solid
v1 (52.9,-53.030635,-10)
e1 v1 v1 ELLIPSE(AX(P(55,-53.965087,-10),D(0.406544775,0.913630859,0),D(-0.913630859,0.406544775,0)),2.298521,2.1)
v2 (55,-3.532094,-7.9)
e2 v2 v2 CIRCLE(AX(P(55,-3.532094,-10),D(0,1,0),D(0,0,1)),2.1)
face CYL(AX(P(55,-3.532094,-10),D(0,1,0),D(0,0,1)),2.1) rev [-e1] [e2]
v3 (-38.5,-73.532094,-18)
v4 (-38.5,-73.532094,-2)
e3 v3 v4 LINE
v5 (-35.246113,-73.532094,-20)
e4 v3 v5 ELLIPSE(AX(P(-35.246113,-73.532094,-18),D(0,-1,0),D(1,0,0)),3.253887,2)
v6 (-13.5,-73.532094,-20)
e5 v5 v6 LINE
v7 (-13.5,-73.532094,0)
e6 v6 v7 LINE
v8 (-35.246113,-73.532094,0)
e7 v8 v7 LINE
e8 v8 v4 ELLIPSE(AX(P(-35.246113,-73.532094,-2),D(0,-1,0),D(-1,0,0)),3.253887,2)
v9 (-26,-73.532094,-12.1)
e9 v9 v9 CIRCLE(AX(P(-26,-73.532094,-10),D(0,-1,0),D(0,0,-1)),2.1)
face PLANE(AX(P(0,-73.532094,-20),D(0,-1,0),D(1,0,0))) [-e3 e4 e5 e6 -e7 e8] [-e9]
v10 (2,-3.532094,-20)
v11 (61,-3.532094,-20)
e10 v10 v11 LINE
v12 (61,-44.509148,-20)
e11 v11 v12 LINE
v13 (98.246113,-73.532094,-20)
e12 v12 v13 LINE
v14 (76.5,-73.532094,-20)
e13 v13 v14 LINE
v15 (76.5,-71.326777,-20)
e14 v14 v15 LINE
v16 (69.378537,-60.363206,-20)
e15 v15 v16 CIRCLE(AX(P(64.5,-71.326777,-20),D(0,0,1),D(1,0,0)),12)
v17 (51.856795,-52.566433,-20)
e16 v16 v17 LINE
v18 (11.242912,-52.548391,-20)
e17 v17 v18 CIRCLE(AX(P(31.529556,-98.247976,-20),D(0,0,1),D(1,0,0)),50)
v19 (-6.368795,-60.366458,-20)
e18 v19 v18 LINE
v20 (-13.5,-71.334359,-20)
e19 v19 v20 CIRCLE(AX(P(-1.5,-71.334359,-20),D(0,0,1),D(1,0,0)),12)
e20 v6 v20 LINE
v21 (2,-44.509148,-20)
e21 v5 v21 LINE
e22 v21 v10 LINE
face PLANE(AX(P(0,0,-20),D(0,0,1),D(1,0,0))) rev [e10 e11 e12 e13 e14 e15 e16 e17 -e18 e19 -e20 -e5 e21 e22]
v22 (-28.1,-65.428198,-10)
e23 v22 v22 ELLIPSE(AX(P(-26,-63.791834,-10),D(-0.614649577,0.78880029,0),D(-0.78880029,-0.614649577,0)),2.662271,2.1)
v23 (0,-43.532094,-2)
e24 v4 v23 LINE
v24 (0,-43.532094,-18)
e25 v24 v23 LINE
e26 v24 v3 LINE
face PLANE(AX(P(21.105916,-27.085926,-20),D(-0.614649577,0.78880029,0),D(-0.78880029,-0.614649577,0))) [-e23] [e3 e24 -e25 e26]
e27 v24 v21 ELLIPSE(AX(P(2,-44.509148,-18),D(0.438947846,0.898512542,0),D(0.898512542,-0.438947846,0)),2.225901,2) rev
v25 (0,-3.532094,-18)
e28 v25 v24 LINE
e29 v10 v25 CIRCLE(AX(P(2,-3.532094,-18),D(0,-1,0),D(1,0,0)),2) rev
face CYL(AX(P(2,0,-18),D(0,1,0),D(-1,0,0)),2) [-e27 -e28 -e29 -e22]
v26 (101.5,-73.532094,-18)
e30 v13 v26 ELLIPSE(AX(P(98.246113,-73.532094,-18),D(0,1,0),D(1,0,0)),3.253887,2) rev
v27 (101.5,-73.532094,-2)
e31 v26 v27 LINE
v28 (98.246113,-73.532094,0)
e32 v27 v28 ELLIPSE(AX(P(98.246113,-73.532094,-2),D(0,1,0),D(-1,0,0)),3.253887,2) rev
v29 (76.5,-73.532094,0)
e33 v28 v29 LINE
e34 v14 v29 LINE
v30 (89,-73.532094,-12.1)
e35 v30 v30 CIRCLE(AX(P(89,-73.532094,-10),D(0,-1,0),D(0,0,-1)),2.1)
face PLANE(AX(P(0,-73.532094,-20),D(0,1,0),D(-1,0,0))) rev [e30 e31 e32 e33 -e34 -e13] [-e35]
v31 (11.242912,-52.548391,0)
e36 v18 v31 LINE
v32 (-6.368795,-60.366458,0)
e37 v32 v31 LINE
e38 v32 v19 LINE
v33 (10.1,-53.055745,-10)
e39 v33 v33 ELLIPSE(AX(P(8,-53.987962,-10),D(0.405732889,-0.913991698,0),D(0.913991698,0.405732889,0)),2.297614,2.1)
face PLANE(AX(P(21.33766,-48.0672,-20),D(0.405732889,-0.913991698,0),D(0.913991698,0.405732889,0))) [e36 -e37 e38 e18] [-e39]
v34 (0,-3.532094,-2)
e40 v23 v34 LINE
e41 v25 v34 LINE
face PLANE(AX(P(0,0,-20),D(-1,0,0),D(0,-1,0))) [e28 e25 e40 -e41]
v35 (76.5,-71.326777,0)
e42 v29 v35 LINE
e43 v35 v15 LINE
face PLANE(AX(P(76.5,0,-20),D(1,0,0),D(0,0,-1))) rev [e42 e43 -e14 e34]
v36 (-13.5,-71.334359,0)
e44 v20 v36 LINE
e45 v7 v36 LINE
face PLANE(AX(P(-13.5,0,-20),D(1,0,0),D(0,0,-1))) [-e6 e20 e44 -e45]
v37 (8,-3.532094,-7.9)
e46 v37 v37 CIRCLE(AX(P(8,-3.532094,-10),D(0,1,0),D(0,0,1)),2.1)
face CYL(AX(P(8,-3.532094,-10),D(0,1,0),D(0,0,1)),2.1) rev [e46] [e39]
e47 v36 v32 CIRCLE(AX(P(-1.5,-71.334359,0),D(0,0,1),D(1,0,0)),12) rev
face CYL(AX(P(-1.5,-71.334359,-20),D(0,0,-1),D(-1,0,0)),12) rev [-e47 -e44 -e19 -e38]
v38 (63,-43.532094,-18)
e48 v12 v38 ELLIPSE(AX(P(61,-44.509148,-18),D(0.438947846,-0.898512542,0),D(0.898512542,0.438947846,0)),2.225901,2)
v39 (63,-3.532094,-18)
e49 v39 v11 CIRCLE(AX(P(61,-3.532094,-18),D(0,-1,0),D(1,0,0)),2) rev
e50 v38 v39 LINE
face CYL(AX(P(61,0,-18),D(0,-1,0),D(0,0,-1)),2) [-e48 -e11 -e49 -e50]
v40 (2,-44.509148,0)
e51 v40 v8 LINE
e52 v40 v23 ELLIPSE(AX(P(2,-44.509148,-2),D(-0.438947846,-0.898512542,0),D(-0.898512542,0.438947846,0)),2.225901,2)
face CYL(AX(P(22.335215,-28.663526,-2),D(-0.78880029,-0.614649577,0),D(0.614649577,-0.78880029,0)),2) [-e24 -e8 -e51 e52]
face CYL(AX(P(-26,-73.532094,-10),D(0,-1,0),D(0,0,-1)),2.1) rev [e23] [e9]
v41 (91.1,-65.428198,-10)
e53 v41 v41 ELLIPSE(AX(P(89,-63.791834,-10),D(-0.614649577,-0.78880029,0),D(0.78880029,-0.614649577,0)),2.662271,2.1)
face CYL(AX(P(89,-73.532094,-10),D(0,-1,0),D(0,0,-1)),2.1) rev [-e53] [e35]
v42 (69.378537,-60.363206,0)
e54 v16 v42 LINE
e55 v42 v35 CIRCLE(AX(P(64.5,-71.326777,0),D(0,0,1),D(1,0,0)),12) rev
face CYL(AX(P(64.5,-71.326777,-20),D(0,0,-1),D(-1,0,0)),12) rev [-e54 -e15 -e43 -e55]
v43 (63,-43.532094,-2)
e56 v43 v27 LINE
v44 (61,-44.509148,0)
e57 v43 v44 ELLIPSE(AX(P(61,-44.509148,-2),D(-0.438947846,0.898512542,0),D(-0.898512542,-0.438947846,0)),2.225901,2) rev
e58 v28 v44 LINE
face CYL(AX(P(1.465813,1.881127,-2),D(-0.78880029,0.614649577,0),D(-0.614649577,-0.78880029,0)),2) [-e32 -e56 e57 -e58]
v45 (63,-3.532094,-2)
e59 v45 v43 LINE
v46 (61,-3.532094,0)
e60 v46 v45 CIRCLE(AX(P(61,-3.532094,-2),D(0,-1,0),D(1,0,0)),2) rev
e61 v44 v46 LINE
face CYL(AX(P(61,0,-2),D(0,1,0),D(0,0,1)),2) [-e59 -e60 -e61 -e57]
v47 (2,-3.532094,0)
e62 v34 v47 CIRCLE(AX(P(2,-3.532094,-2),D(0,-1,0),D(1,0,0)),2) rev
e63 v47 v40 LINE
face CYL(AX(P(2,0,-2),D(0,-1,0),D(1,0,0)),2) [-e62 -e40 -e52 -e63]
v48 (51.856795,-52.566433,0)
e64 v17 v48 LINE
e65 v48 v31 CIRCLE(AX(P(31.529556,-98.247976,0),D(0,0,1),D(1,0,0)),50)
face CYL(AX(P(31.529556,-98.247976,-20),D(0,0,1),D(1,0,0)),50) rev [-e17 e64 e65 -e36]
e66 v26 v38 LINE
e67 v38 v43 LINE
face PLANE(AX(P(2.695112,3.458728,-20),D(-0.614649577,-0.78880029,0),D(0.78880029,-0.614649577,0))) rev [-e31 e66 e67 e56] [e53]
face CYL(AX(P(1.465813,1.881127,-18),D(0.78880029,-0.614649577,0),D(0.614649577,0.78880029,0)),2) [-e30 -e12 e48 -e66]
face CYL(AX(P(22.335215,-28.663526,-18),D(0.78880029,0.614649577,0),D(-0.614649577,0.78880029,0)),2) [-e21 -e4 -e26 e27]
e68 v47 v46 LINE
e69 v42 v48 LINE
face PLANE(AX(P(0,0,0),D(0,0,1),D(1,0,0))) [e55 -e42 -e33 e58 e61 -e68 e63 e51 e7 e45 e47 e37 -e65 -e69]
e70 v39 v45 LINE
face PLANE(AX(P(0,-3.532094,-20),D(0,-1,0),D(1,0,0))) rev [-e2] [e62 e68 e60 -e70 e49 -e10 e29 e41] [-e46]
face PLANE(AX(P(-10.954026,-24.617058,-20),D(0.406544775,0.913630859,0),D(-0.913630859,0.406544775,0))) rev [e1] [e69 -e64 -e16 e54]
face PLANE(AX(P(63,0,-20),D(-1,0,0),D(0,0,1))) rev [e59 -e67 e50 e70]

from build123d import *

# Parameters (mm, degrees)
SKETCH8_W                   = 63
SKETCH8_H                   = 40
BOSS_EXTRUDE3_DEPTH         = 20
TAP_DRILL_FOR_M5X0_8_TAP2_D = 4.2
FILLET4_R                   = 2
TAP_DRILL_FOR_M5X0_8_TAP3_D = 4.2
FILLET6_R                   = 12


with BuildPart() as part:
    # Sketch8 → Boss-Extrude3 (new body)
    with BuildSketch(Plane.XY):
        with BuildLine():
            Line((63, -43.532093881), (0, -43.532093881))
            Line((0, -43.532093881), (-25.666666667, -63.532093881))
            Line((-25.666666667, -63.532093881), (-13.5, -63.532093881))
            Line((-13.5, -63.532093881), (11.242912026, -52.54839108))
            ThreePointArc((11.242912026, -52.54839108), (31.551767994, -48.24798089), (51.856795198, -52.56643302))
            Line((51.856795198, -52.56643302), (76.5, -63.532093881))
            Line((76.5, -63.532093881), (88.666666667, -63.532093881))
            Line((88.666666667, -63.532093881), (63, -43.532093881))
        make_face()
        with Locations((31.5, -23.532093881)):
            Rectangle(SKETCH8_W, SKETCH8_H)
        Polygon((-13.5, -63.532093881), (-25.666666667, -63.532093881), (-38.5, -73.532093881), (-13.5, -73.532093881), align=None)
        Polygon((101.5, -73.532093881), (88.666666667, -63.532093881), (76.5, -63.532093881), (76.5, -73.532093881), align=None)
    extrude(amount=-BOSS_EXTRUDE3_DEPTH)

    # Tap Drill for M5x0.8 Tap2 (through all)
    with Locations(Plane(origin=(0, -73.532093881, 0), x_dir=(-1, 0, 0), z_dir=(0, -1, 0))):
        with Locations((26, 10), (-89, 10)):
            Hole(TAP_DRILL_FOR_M5X0_8_TAP2_D / 2)

    # Fillet4
    fillet4_edges = [part.edges().sort_by_distance(p)[0] for p in [
        (63, -23.532093881, 0),
        (82.25, -58.532093881, 0),
        (-19.25, -58.532093881, 0),
        (0, -23.532093881, 0),
        (0, -23.532093881, -20),
        (82.25, -58.532093881, -20),
        (63, -23.532093881, -20),
        (-19.25, -58.532093881, -20),
    ]]
    fillet(fillet4_edges, radius=FILLET4_R)

    # Tap Drill for M5x0.8 Tap3 (through all)
    with Locations(Plane(origin=(0, -3.532093881, 0), x_dir=(1, 0, 0), z_dir=(0, 1, 0))):
        with Locations((8, 10), (55, 10)):
            Hole(TAP_DRILL_FOR_M5X0_8_TAP3_D / 2)

    # Fillet6
    fillet6_edges = [part.edges().sort_by_distance(p)[0] for p in [
        (76.5, -63.532093881, -10),
        (-13.5, -63.532093881, -10),
    ]]
    fillet(fillet6_edges, radius=FILLET6_R)


solid = part.part
